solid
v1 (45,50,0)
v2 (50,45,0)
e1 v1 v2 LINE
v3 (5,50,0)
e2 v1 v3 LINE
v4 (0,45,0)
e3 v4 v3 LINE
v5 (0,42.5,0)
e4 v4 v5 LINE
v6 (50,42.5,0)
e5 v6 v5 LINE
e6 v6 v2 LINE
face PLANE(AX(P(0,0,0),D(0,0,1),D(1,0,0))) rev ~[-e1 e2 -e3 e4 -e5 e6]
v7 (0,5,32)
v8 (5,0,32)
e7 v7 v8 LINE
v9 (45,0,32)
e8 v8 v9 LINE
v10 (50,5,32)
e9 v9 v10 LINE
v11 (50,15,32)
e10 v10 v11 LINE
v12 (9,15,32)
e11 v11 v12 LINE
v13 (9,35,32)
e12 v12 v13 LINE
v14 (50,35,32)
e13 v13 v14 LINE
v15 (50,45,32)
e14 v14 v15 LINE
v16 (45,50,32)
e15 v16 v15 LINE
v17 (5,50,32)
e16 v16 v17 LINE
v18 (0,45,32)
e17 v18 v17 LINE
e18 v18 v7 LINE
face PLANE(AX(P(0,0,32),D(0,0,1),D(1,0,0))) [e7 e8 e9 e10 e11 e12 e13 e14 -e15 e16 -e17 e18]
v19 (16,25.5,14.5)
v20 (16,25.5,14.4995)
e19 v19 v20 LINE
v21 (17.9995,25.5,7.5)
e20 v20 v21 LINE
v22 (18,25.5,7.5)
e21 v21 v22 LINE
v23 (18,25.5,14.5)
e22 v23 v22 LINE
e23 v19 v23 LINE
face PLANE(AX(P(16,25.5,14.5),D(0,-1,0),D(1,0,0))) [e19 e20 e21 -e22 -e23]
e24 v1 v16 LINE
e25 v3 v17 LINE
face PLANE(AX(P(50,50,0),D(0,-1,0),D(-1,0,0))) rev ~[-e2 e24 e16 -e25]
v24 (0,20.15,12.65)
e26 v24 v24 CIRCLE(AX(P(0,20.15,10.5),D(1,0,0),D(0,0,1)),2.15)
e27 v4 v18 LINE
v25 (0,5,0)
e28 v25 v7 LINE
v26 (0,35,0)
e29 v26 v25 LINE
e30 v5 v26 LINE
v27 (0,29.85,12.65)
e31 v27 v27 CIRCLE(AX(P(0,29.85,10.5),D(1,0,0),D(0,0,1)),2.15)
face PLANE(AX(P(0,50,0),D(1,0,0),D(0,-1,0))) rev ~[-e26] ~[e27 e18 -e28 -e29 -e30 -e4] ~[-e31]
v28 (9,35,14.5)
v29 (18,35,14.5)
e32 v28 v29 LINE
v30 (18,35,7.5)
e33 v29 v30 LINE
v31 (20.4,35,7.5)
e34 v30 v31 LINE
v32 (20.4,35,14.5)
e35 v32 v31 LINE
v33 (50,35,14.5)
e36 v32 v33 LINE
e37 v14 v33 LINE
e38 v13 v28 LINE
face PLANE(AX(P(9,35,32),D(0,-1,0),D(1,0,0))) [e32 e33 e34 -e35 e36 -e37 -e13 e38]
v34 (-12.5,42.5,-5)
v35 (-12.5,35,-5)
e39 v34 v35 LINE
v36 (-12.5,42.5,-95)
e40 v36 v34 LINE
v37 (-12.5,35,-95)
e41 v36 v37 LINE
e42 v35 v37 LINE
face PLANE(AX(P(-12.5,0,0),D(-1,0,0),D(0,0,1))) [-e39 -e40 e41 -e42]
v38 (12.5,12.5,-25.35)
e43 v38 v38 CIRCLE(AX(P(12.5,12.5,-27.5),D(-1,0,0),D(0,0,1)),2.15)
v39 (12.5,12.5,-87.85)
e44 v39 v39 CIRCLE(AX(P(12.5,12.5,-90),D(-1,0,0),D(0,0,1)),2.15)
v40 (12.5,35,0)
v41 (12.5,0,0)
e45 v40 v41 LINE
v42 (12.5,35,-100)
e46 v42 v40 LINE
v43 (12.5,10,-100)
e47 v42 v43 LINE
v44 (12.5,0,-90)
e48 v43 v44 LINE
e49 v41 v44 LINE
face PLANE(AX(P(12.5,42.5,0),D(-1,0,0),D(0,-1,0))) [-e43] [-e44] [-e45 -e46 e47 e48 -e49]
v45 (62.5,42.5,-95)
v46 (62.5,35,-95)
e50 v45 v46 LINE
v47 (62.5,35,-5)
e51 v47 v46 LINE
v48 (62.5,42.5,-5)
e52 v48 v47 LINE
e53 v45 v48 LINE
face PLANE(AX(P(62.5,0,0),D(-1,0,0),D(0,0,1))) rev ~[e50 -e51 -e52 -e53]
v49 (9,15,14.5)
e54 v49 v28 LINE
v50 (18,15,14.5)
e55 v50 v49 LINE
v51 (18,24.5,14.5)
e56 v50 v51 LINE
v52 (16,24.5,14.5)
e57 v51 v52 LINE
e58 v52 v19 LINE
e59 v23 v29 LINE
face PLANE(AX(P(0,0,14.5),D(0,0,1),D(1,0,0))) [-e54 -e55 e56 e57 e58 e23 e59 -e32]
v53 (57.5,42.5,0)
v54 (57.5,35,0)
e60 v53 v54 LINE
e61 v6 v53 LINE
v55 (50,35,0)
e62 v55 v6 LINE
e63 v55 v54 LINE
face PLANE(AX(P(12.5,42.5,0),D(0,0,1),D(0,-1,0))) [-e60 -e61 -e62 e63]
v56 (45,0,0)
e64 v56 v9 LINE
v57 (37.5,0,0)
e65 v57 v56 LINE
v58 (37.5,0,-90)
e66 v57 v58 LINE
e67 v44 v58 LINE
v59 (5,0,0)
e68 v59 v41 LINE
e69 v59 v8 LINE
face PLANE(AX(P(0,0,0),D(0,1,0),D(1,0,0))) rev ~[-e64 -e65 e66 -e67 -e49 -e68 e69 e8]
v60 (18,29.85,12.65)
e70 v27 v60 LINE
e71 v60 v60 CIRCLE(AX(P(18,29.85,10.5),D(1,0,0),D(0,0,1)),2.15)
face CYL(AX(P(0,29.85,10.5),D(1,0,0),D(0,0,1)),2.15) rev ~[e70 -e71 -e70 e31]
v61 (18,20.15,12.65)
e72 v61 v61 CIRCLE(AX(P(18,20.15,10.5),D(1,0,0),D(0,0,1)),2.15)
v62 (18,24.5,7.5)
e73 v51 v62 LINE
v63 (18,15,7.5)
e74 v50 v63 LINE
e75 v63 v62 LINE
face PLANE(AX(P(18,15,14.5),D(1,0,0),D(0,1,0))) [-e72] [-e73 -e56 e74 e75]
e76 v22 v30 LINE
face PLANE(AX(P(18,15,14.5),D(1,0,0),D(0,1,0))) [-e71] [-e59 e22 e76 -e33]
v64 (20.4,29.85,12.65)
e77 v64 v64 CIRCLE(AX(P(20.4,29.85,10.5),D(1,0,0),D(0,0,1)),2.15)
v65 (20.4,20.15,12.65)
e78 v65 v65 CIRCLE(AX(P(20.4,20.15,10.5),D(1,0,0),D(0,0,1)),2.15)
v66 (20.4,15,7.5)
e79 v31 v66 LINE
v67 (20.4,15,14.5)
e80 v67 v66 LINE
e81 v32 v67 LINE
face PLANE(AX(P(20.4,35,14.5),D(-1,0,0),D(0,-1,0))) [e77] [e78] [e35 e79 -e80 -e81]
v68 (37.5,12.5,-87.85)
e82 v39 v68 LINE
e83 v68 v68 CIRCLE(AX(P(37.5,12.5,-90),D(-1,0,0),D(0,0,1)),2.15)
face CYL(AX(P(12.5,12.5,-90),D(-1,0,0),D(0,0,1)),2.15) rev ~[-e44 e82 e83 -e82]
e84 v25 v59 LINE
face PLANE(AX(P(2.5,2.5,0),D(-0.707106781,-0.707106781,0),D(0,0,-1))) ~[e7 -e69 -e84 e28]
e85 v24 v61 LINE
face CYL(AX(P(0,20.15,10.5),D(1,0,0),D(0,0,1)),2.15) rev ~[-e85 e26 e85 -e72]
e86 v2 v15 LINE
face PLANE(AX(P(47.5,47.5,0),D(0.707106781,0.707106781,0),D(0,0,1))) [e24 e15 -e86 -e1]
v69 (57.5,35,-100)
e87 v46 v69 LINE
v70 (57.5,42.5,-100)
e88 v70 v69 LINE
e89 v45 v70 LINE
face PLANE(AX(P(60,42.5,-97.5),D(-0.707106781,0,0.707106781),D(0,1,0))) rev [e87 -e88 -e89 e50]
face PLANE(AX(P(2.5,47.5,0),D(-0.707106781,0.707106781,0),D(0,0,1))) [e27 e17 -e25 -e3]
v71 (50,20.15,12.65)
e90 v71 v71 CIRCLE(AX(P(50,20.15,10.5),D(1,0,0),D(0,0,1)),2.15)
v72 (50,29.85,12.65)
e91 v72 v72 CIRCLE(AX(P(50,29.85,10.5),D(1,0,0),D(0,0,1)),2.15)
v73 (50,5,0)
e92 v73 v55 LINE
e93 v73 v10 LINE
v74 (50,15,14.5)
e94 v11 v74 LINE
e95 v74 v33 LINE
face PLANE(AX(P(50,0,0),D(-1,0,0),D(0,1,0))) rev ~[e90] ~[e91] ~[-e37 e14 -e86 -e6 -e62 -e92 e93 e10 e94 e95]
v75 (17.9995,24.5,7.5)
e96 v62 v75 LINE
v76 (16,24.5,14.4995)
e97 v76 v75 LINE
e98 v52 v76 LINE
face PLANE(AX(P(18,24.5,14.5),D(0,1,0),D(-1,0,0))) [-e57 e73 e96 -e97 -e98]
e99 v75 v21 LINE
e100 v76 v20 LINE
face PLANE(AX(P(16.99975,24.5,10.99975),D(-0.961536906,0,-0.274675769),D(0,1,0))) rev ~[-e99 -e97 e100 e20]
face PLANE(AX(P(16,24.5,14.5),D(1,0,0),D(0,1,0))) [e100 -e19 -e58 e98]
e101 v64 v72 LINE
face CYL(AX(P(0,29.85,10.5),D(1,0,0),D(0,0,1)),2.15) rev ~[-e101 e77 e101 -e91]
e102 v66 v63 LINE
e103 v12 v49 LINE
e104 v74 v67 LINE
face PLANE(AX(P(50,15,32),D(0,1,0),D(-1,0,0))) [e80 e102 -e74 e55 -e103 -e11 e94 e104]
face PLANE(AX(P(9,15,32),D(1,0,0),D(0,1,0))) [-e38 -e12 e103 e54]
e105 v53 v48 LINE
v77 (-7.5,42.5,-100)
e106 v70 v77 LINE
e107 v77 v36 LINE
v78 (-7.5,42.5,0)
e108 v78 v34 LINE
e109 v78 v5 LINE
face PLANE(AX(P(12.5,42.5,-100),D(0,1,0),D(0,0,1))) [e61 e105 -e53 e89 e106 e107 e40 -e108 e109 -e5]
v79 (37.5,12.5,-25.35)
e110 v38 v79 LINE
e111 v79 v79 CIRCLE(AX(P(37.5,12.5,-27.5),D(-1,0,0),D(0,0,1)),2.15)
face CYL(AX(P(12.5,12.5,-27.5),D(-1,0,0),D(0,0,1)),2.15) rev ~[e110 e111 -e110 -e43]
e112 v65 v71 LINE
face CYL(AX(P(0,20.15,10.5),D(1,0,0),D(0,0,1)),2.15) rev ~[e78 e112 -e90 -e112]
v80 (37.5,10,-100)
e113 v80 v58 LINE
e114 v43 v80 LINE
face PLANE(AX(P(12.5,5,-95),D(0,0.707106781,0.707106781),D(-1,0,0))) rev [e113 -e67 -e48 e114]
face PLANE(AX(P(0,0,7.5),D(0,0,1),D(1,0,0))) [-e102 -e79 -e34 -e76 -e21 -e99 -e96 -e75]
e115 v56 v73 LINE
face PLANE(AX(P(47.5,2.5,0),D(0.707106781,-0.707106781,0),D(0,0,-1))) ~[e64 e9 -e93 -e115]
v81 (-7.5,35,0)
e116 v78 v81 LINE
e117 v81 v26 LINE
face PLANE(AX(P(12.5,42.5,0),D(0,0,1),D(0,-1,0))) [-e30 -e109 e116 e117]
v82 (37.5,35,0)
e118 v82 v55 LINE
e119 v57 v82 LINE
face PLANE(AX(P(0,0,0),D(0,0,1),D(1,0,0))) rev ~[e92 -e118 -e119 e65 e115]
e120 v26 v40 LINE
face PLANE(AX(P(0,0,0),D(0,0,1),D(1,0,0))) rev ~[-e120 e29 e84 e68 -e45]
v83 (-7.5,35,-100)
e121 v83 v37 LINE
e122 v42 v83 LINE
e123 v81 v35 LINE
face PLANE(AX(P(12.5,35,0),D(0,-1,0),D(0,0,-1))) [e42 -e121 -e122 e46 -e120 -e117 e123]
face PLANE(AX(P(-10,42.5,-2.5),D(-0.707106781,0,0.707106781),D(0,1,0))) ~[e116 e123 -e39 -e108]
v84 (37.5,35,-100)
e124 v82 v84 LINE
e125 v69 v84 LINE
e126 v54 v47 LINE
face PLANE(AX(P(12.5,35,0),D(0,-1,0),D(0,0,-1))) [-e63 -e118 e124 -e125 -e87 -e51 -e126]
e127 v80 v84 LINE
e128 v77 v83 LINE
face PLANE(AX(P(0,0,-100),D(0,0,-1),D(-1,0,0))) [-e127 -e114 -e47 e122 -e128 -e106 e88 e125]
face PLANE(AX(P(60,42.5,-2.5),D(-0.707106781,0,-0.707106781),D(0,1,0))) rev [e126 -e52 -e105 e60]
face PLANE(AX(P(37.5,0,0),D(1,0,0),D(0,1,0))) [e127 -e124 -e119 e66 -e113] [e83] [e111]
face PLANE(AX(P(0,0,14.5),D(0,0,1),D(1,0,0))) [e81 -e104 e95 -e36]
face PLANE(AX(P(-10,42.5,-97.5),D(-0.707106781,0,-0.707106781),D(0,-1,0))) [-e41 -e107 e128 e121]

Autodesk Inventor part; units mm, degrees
ref_plane "YZ Plane" through (0, 0, 0) normal (1, 0, 0) x (0, 1, 0)
ref_plane "XZ Plane" through (0, 0, 0) normal (0, 1, 0) x (-1, 0, 0)
ref_plane "XY Plane" through (0, 0, 0) normal (0, 0, 1) x (1, 0, 0)
sketch "Sketch1" plane through (0, 0, 0) normal (0, 0, 1) x (1, 0, 0)
  line L0 (0, 0) -> (50, 0)
  line L1 (50, 0) -> (50, 50)
  line L2 (50, 50) -> (0, 50)
  line L3 (0, 50) -> (0, 0)
  dimension "d0" = 50
  dimension "d1" = 50
extrude "Extrusion1" add sketch "Sketch1" along normal blind 32
sketch "Sketch2" plane through (0, 0, 32) normal (0, 0, 1) x (1, 0, 0)
  line L0 (50, 0) -> (50, 50) projected
  line L1 (50, 15) -> (9, 15)
  line L2 (9, 15) -> (9, 35)
  line L3 (9, 35) -> (50, 35)
  line L4 (50, 35) -> (50, 15)
  line L5 (0, 0) -> (50, 0) projected
  point P0 (50, 35)
  dimension "d4" = 41
  dimension "d5" = 20
  dimension "d6" = 15
extrude "Extrusion2" cut sketch "Sketch2" against normal blind 17.5
sketch "Sketch3" plane through (0, 0, 0) normal (-1, 0, 0) x (0, 0, 1)
  line L0 (32, 50) -> (32, 0) projected
  line L1 (32, 35) -> (10.5, 35) construction
  line L2 (32, 35) -> (53.5, 35) construction
  line L3 (10.5, 35) -> (10.5, 15) construction
  line L4 (10.5, 15) -> (32, 15) construction
  line L5 (0, 50) -> (32, 50) projected
  line L6 (32, 29.85) -> (10.5, 29.85) construction
  line L7 (32, 20.15) -> (10.5, 20.15) construction
  point P0 (0, 0)
  dimension "d9" = 21.5
  dimension "d10" = 180
  dimension "d11" = 20
  dimension "d12" = 15
  dimension "d13" = 5.15
  dimension "d14" = 5.15
hole "Hole1" at (0, 29.85, 10.5) at (0, 20.15, 10.5) direction (1, 0, 0) diameter 4.3 end through all
sketch "Sketch4" plane through (0, 0, 14.5) normal (0, 0, 1) x (1, 0, 0)
  line L0 (9, 35) -> (50, 35) projected
  line L1 (50, 15) -> (9, 15) projected
  line L2 (18, 35) -> (20.4, 35)
  line L3 (20.4, 35) -> (20.4, 15)
  line L4 (20.4, 15) -> (18, 15)
  line L5 (18, 15) -> (18, 35)
  line L6 (9, 15) -> (9, 35) projected
  point P0 (0, 0)
  point P1 (18, 15)
  dimension "d22" = 9
  dimension "d23" = 2.4
extrude "Extrusion3" cut sketch "Sketch4" against normal blind 7 contours L0 L3 L1 L5
chamfer "Chamfer1" distance 5 angle 45 4 edges at (0, 50, 16) (50, 50, 16) (0, 0, 16) (50, 0, 16)
sketch "Sketch7" plane through (0, 0, 14.5) normal (0, 0, 1) x (1, 0, 0)
  line L0 (18, 15) -> (18, 35) projected
  line L1 (18, 24.5) -> (16, 24.5)
  line L2 (16, 24.5) -> (16, 25.5)
  line L3 (16, 25.5) -> (18, 25.5)
  line L4 (18, 25.5) -> (18, 24.5)
  line L5 (9, 35) -> (50, 35) projected
  point P0 (0, 0)
  dimension "d45" = 2
  dimension "d46" = 1
  dimension "d47" = 9.5
extrude "Extrusion5" cut sketch "Sketch7" against normal blind 7
chamfer "Chamfer3" distance 7 distance2 2 1 edges at (16, 25, 7.5) measured on face at (16, 25.1667, 12.1667)
sketch "Sketch9" plane through (0, 0, 0) normal (0, 0, -1) x (-1, 0, 0)
  line L0 (-45, 50) -> (-5, 50) projected
  line L1 (-25, 50) -> (-25, 0) construction
  line L2 (-5, 0) -> (-45, 0) projected
  line L3 (-37.5, 0) -> (-37.5, 42.5)
  line L4 (-37.5, 42.5) -> (-12.5, 42.5)
  line L5 (-12.5, 42.5) -> (-12.5, 0)
  point P0 (0, 0)
  dimension "d61" = 42.5
  dimension "d62" = 25
  dimension "d63" = 12.5
extrude "Extrusion6" add sketch "Sketch9" along normal blind 100
sketch "Sketch10" plane through (12.5, 0, 0) normal (-1, 0, 0) x (0, 0, 1)
  line L0 (-100, 42.5) -> (-100, 0) projected
  line L1 (-100, 42.5) -> (0, 42.5)
  line L2 (0, 42.5) -> (0, 35)
  line L3 (0, 35) -> (-100, 35)
  line L4 (-100, 35) -> (-100, 42.5)
  point P0 (0, 0)
  dimension "d66" = 100
  dimension "d67" = 7.5
extrude "Extrusion7" add sketch "Sketch10" along normal blind 25 and the other way blind 50
chamfer "Chamfer4" distance 5 angle 45 4 edges at (-12.5, 38.75, 0) (-12.5, 38.75, -100) (62.5, 38.75, 0) (62.5, 38.75, -100)
chamfer "Chamfer5" distance 10 angle 45 1 edges at (25, 0, -100)
sketch "Sketch11" plane through (12.5, 0, 0) normal (-1, 0, 0) x (0, 0, 1)
  line L0 (-100, 10) -> (-100, 35) projected
  line L1 (-100, 12.5) -> (0, 12.5) construction
  line L2 (0, 0) -> (-90, 0) projected
  line L3 (-27.5, 0) -> (-27.5, 35) construction
  line L4 (-90, 0) -> (-90, 35) construction
  line L5 (-95, 35) -> (-5, 35) projected
  line L6 (0, 35) -> (0, 5) projected
  circle A0 centre (-90, 12.5) radius 2.15
  circle A1 centre (-27.5, 12.5) radius 2.15
  dimension "d78" = 12.5
  dimension "d79" = 27.5
  dimension "d80" = 10
  dimension "d81" = 4.3
  dimension "d82" = 4.3
extrude "Extrusion8" cut sketch "Sketch11" against normal through all
properties part number "ES117_MP1"
